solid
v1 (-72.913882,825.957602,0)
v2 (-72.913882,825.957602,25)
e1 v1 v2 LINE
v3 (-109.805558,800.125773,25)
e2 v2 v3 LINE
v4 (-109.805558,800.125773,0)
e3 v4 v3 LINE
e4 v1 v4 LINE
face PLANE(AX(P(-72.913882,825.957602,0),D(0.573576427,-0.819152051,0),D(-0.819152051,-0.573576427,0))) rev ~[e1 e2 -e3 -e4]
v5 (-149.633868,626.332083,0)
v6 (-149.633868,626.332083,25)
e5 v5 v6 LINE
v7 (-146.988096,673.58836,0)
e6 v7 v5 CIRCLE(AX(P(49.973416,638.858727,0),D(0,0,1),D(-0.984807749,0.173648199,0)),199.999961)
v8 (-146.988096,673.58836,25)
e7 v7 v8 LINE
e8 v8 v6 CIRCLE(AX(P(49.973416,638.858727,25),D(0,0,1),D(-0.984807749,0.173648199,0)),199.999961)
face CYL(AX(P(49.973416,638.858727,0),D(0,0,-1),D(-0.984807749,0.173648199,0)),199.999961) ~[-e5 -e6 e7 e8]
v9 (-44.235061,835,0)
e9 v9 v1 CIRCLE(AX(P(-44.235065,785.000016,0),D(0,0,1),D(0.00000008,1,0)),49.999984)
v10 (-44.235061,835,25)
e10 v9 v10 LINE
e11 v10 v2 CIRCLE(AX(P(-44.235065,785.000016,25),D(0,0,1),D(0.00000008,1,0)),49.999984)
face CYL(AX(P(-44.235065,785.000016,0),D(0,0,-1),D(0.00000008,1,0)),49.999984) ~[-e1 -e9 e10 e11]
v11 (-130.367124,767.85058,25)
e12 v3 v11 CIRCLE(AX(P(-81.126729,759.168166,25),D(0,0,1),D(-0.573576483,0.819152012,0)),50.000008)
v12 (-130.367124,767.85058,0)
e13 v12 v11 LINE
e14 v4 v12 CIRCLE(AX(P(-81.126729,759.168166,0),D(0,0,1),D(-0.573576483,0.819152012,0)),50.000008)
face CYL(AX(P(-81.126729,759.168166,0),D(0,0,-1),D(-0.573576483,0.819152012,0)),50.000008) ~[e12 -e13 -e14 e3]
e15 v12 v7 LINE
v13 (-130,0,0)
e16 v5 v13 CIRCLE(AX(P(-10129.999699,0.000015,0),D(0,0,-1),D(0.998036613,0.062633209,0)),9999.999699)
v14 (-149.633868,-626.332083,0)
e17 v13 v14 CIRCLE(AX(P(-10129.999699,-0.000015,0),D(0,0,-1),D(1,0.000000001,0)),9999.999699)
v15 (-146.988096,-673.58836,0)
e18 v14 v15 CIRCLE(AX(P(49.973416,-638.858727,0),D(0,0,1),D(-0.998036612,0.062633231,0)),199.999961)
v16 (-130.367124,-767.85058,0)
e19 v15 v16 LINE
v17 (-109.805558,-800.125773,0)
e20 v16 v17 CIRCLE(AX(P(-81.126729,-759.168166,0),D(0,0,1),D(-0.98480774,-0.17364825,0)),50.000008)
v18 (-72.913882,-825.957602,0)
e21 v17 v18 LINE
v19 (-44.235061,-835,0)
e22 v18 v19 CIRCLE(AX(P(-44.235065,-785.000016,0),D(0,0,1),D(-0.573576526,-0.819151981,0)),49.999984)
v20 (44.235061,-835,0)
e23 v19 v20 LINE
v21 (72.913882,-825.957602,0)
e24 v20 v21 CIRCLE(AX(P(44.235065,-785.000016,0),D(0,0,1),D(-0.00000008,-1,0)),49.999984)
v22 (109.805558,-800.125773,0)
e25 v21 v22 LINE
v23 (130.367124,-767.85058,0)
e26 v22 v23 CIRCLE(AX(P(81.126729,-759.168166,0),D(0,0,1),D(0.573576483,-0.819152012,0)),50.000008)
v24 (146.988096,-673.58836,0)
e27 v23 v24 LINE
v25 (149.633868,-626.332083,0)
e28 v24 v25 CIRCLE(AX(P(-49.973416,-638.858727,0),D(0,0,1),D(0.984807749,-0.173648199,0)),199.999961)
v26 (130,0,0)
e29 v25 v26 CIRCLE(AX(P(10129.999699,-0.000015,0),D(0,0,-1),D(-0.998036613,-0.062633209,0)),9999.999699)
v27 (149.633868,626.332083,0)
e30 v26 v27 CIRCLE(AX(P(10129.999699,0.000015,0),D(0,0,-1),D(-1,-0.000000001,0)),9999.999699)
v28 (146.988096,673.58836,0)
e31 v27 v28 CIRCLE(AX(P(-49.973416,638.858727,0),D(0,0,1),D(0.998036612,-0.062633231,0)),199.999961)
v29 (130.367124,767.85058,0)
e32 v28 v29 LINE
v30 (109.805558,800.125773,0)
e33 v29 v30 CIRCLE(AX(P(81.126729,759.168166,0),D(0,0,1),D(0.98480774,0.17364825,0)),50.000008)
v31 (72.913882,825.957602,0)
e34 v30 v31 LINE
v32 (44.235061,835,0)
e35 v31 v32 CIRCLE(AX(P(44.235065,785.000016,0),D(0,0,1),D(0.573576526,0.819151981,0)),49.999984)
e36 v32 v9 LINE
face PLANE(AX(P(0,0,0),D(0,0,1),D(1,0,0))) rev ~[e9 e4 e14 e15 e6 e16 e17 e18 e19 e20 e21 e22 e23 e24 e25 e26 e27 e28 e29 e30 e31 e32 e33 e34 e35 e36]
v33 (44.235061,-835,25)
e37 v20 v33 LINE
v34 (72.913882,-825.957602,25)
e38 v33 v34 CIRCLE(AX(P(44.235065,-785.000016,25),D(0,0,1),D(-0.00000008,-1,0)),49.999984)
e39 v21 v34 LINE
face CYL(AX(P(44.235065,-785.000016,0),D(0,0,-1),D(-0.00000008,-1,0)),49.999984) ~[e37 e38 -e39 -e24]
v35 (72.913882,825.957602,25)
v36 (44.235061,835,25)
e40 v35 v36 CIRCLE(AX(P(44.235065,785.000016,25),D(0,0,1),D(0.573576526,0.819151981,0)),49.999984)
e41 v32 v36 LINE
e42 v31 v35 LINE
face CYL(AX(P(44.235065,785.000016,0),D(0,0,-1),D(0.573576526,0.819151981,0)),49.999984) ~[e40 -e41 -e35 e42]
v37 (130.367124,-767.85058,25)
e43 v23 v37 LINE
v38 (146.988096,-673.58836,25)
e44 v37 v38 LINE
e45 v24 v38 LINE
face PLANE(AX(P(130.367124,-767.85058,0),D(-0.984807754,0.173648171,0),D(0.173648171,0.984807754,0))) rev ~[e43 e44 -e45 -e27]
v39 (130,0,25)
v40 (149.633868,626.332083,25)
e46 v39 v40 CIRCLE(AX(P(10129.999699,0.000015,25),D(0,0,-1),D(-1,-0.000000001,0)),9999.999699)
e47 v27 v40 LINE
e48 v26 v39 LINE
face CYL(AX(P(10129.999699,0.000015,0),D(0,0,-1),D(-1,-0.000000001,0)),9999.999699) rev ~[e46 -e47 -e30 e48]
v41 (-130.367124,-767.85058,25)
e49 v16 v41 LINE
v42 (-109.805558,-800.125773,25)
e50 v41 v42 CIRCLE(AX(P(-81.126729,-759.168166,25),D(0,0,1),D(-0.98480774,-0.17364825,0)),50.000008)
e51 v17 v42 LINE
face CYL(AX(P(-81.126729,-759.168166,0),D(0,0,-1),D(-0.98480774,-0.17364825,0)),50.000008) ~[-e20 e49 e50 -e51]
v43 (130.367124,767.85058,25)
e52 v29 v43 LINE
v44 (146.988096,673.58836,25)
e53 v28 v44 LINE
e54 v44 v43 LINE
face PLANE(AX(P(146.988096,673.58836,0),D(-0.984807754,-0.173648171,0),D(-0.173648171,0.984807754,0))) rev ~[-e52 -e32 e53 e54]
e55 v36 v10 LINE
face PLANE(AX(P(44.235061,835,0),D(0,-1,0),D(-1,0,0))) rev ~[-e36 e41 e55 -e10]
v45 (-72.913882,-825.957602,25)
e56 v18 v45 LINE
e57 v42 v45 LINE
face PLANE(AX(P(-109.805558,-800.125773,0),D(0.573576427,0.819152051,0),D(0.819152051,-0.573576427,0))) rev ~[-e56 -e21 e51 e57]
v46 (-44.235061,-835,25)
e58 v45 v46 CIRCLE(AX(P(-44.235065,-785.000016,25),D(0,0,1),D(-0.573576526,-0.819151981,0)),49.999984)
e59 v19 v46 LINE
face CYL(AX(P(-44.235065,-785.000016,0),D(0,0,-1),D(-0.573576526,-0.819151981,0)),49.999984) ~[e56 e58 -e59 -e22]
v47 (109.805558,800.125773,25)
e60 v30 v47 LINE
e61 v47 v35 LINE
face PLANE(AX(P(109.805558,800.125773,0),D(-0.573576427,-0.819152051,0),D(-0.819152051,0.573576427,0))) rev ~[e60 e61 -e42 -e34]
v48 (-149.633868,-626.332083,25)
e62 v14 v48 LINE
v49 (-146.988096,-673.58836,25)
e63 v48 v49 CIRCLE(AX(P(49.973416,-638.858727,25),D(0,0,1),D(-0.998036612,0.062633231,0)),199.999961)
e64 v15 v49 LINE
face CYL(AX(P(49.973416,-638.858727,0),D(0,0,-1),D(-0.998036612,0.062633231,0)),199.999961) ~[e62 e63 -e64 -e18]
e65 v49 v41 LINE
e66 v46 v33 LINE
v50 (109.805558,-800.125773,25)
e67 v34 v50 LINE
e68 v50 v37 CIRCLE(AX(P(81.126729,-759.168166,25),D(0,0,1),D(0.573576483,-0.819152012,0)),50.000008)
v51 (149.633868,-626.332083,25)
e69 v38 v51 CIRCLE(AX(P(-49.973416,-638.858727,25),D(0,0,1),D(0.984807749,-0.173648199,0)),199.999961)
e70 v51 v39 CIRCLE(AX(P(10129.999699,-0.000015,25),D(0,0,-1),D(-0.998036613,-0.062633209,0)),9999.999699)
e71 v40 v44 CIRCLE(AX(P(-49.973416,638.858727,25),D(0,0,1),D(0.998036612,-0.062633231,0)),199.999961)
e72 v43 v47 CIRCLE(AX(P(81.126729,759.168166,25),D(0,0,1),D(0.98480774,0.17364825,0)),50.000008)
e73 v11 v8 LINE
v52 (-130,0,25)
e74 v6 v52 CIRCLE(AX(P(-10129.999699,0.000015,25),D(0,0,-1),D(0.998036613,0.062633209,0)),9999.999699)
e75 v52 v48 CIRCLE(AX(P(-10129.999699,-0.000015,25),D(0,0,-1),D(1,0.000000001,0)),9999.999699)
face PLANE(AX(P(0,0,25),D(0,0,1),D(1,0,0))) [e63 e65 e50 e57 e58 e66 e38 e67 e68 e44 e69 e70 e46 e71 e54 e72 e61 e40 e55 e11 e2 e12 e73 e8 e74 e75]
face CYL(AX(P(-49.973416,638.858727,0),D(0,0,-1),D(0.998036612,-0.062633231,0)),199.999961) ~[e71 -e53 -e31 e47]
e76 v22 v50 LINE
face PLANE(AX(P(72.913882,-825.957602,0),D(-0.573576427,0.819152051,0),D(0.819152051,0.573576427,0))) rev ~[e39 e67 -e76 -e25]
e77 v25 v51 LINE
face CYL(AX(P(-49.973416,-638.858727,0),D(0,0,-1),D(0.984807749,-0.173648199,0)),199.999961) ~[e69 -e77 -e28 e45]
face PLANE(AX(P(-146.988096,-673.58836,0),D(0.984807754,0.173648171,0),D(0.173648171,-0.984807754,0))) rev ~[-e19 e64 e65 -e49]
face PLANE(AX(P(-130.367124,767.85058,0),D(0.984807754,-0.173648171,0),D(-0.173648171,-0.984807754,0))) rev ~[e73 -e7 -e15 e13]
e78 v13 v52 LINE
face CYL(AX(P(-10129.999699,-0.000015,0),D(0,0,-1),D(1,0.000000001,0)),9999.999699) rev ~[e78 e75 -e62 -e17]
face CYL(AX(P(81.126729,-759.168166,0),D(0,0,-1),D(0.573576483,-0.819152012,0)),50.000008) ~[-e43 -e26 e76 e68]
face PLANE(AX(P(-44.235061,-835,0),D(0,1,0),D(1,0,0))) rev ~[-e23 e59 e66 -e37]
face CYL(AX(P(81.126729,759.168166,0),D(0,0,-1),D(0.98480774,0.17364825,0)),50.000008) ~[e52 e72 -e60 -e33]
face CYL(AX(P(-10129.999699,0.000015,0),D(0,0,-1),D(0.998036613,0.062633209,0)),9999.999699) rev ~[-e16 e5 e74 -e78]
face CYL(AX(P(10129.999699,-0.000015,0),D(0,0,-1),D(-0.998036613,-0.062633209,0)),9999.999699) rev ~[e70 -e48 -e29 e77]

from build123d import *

# Parameters (mm, degrees)
F1_DEPTH = 25


with BuildPart() as f1:
    # F0 (on Top) → F1 (new body)
    with BuildSketch(Plane.XY):
        with BuildLine():
            ThreePointArc((-149.633868, 626.332083), (-134.909672, 313.319871), (-130, 0))
            ThreePointArc((-130, 0), (-134.909672, -313.319871), (-149.633868, -626.332083))
            ThreePointArc((-149.633868, -626.332083), (-149.713818, -650.038763), (-146.988096, -673.58836))
            Line((-146.988096, -673.58836), (-130.367124, -767.85058))
            ThreePointArc((-130.367124, -767.85058), (-123.296308, -786.033151), (-109.805558, -800.125773))
            Line((-109.805558, -800.125773), (-72.913882, -825.957602))
            ThreePointArc((-72.913882, -825.957602), (-59.270351, -832.685848), (-44.235061, -835))
            Line((-44.235061, -835), (0, -835))
            Line((0, -835), (44.235061, -835))
            ThreePointArc((44.235061, -835), (59.270351, -832.685848), (72.913882, -825.957602))
            Line((72.913882, -825.957602), (109.805558, -800.125773))
            ThreePointArc((109.805558, -800.125773), (123.296308, -786.033151), (130.367124, -767.85058))
            Line((130.367124, -767.85058), (146.988096, -673.58836))
            ThreePointArc((146.988096, -673.58836), (149.713818, -650.038763), (149.633868, -626.332083))
            ThreePointArc((149.633868, -626.332083), (134.909672, -313.319871), (130, 0))
            ThreePointArc((130, 0), (134.909672, 313.319871), (149.633868, 626.332083))
            ThreePointArc((149.633868, 626.332083), (149.713818, 650.038763), (146.988096, 673.58836))
            Line((146.988096, 673.58836), (130.367124, 767.85058))
            ThreePointArc((130.367124, 767.85058), (123.296308, 786.033151), (109.805558, 800.125773))
            Line((109.805558, 800.125773), (72.913882, 825.957602))
            ThreePointArc((72.913882, 825.957602), (59.270351, 832.685848), (44.235061, 835))
            Line((44.235061, 835), (0, 835))
            Line((0, 835), (-44.235061, 835))
            ThreePointArc((-44.235061, 835), (-59.270351, 832.685848), (-72.913882, 825.957602))
            Line((-72.913882, 825.957602), (-109.805558, 800.125773))
            ThreePointArc((-109.805558, 800.125773), (-123.296308, 786.033151), (-130.367124, 767.85058))
            Line((-130.367124, 767.85058), (-146.988096, 673.58836))
            ThreePointArc((-146.988096, 673.58836), (-149.713818, 650.038763), (-149.633868, 626.332083))
        make_face()
    extrude(amount=F1_DEPTH)


solid = f1.part
